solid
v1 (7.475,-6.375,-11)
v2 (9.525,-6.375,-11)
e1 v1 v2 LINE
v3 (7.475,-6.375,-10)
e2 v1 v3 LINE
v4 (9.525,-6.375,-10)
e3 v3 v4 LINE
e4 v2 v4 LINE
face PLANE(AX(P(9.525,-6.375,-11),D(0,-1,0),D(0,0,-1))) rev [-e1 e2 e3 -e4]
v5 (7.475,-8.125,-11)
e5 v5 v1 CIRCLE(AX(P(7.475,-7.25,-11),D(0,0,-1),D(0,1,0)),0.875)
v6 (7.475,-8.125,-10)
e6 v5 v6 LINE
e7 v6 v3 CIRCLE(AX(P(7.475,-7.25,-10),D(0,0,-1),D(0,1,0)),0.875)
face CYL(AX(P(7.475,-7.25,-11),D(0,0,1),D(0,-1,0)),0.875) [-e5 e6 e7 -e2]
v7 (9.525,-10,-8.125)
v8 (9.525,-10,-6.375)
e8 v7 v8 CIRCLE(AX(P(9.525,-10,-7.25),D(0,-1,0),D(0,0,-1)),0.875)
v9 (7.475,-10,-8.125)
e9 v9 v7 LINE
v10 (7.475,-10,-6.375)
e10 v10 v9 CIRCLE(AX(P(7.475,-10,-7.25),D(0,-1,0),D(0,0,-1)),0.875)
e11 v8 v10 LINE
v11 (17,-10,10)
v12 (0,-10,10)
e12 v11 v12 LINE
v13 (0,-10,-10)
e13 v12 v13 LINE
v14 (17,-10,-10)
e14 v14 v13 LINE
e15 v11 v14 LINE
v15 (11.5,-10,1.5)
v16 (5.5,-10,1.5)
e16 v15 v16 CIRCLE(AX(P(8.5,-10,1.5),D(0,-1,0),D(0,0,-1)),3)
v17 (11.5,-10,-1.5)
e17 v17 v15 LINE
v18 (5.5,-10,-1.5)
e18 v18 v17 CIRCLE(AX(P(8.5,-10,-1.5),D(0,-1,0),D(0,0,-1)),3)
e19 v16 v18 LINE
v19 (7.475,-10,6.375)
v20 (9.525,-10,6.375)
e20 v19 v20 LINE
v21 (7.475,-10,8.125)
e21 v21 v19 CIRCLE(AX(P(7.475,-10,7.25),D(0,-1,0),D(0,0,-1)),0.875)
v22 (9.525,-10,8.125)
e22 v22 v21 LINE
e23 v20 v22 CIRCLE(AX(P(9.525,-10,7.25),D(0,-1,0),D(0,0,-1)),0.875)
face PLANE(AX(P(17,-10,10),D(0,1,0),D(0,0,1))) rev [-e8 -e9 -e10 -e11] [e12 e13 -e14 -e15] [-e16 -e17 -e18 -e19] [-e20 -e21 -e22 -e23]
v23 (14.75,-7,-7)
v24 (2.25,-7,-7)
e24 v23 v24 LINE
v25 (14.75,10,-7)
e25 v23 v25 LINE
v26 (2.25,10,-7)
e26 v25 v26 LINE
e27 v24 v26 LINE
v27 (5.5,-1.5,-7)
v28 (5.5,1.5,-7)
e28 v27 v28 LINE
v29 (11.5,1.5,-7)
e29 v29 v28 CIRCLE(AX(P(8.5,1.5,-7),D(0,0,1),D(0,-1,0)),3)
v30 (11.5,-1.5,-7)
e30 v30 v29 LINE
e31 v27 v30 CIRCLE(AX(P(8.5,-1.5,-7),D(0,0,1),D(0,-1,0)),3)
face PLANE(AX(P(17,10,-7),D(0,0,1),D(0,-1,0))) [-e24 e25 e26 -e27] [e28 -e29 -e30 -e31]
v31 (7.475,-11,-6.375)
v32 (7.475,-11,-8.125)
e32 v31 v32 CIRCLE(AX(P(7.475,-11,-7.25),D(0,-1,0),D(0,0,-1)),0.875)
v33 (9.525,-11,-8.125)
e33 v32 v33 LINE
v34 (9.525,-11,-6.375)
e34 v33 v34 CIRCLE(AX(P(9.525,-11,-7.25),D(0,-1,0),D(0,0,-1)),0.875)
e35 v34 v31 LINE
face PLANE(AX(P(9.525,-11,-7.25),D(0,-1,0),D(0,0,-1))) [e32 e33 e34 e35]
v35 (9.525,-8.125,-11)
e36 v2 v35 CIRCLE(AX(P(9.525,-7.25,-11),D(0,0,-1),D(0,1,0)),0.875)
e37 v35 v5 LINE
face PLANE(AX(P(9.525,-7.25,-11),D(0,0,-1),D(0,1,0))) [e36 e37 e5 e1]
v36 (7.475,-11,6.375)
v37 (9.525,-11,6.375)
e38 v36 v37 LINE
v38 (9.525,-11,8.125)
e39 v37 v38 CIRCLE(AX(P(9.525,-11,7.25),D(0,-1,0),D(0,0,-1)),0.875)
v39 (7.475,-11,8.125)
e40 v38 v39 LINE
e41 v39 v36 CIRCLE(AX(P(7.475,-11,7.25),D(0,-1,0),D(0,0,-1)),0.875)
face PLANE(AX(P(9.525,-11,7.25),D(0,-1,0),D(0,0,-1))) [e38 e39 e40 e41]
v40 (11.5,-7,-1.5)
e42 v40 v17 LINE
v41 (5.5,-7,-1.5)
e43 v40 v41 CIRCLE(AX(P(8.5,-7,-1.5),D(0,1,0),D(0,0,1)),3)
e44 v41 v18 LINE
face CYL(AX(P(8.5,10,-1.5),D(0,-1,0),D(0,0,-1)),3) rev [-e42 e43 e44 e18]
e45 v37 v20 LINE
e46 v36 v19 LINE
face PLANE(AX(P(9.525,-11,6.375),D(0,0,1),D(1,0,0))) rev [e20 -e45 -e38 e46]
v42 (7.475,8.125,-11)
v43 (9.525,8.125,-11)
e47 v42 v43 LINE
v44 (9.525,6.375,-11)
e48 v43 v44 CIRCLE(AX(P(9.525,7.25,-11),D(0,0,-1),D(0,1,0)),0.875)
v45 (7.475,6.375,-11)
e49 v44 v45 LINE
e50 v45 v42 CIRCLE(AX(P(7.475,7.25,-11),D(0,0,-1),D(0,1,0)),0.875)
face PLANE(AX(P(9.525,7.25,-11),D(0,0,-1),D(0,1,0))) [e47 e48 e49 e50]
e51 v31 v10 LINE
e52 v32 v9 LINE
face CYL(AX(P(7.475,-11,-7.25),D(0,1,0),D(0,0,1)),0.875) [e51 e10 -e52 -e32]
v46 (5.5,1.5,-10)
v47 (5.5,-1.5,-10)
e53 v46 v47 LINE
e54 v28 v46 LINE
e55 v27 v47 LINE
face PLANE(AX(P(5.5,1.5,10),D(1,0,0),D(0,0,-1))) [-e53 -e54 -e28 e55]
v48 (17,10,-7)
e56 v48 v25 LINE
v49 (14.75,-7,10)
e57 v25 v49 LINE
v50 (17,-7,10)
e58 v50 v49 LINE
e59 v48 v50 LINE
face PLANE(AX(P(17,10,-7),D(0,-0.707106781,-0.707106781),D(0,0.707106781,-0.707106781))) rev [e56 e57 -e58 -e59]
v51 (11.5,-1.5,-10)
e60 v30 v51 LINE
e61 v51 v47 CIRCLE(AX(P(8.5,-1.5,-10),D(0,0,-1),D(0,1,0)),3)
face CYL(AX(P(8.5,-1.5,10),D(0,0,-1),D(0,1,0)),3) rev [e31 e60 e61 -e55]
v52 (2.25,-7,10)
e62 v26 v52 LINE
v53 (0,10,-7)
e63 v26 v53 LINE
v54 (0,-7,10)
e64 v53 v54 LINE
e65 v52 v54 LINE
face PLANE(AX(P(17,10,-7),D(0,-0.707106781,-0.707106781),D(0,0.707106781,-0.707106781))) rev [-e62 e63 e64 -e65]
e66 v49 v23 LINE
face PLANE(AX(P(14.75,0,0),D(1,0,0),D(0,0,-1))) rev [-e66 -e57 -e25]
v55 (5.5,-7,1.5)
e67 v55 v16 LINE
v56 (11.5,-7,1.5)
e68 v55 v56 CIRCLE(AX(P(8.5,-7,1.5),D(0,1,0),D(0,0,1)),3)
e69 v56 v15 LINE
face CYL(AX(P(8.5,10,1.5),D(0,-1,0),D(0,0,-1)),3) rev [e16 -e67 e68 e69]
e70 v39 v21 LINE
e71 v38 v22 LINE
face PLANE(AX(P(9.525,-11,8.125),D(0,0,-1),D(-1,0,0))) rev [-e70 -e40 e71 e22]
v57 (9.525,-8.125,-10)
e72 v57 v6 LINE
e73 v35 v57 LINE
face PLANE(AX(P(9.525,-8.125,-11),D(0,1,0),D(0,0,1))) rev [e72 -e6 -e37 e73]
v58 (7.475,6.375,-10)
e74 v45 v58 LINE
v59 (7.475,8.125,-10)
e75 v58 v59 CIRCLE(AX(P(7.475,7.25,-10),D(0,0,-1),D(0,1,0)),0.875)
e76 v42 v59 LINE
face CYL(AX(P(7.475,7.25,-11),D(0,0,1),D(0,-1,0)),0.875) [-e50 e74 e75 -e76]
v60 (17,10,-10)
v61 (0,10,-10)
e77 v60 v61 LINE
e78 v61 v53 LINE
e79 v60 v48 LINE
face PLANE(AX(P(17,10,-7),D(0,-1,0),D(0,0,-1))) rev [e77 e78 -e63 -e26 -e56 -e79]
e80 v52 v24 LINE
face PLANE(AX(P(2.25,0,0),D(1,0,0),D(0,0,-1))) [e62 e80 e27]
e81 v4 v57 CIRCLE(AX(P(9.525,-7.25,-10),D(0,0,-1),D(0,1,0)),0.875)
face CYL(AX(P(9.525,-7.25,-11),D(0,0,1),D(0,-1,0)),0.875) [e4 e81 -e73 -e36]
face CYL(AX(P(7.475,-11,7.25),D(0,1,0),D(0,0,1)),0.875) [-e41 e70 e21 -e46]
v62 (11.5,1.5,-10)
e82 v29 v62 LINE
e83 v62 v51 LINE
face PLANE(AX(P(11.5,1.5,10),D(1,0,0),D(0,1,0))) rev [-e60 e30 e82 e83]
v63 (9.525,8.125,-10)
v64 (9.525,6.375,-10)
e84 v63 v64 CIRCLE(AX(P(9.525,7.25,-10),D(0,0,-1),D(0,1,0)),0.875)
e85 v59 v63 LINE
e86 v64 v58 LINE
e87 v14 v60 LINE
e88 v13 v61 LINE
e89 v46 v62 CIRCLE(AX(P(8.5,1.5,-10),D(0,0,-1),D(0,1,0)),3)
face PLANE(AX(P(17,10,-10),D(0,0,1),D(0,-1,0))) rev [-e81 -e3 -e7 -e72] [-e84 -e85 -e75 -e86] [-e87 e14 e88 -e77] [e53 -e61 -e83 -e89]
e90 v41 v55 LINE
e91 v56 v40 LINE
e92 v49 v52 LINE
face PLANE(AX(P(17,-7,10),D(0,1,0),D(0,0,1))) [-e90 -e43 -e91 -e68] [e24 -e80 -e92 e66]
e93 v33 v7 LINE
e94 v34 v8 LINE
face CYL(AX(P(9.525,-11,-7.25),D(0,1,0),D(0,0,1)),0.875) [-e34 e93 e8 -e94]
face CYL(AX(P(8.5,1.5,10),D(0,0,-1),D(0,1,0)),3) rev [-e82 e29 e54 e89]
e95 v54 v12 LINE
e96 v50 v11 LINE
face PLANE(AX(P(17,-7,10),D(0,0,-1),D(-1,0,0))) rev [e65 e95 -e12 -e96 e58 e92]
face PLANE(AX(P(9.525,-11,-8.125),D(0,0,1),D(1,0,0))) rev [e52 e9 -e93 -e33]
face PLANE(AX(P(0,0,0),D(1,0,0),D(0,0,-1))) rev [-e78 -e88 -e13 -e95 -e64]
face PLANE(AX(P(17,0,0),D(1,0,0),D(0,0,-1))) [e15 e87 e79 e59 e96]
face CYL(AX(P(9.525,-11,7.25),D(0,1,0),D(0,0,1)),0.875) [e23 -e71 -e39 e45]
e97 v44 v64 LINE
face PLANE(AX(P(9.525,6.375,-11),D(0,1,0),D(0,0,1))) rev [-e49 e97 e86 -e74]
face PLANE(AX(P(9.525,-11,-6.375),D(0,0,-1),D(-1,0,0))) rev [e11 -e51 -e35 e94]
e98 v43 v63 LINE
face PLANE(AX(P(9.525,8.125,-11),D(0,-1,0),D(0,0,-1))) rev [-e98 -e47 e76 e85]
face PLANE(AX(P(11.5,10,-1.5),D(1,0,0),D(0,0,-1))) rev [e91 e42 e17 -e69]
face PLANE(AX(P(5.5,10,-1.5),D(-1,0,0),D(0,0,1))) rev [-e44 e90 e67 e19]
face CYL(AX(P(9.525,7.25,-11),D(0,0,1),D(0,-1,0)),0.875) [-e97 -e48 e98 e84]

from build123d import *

# Parameters (mm, degrees)
BOSS_EXTRUDE3_DEPTH       = 17
SHELL4_T                  = -2.25
SHELL4_THICKNESS_2_FACE_W = 17.75
SHELL4_THICKNESS_2_FACE_H = 12.5
SHELL4_THICKNESS_2_DEPTH  = 0.75
SHELL4_THICKNESS_3_FACE_W = 17
SHELL4_THICKNESS_3_FACE_H = 12.5
SHELL4_THICKNESS_3_DEPTH  = 0.75
CUT_EXTRUDE1_DEPTH        = 29.08914381
CUT_EXTRUDE2_DEPTH        = 29.08914381
BOSS_EXTRUDE4_DEPTH       = 1
BOSS_EXTRUDE5_DEPTH       = 1
BOSS_EXTRUDE6_DEPTH       = 1
BOSS_EXTRUDE7_DEPTH       = 1


with BuildPart() as part:
    # Sketch4 → Boss-Extrude3 (new body)
    with BuildSketch(Plane(origin=(0, 0, 0), x_dir=(0, 0, -1), z_dir=(1, 0, 0))):
        Polygon((7, 10), (-10, -7), (-10, -10), (10, -10), (10, 10), align=None)
    extrude(amount=BOSS_EXTRUDE3_DEPTH)

    # Shell4
    shell4_openings = [part.faces().sort_by_distance(p)[0] for p in [
        (8.5, 10, -8.5),
        (8.5, -8.5, 10),
        (8.5, 1.5, 1.5),
    ]]
    offset(amount=SHELL4_T, openings=shell4_openings, kind=Kind.INTERSECTION)

    # Shell4 thickness 2 face (on inner face of the shell) → Shell4 thickness 2 (add)
    with BuildSketch(Plane(origin=(8.5, -7.75, 1.125), x_dir=(0, 0, -1), z_dir=(0, -1, 0))):
        Rectangle(SHELL4_THICKNESS_2_FACE_W, SHELL4_THICKNESS_2_FACE_H)
    extrude(amount=-SHELL4_THICKNESS_2_DEPTH)

    # Shell4 thickness 3 face (on inner face of the shell) → Shell4 thickness 3 (add)
    with BuildSketch(Plane(origin=(8.5, 1.5, -7.75), x_dir=(0, -1, 0), z_dir=(0, 0, -1))):
        Rectangle(SHELL4_THICKNESS_3_FACE_W, SHELL4_THICKNESS_3_FACE_H)
    extrude(amount=-SHELL4_THICKNESS_3_DEPTH)

    # Sketch5 → Cut-Extrude1 (cut, through all)
    with BuildSketch(Plane(origin=(0, 0, -10), x_dir=(-1, 0, 0), z_dir=(0, 0, -1))):
        with BuildLine():
            Line((-11.5, 1.5), (-11.5, -1.5))
            ThreePointArc((-11.5, -1.5), (-8.5, -4.5), (-5.5, -1.5))
            Line((-5.5, -1.5), (-5.5, 1.5))
            ThreePointArc((-5.5, 1.5), (-8.5, 4.5), (-11.5, 1.5))
        make_face()
    extrude(amount=-CUT_EXTRUDE1_DEPTH, mode=Mode.SUBTRACT)

    # Sketch8 → Cut-Extrude2 (cut, through all)
    with BuildSketch(Plane(origin=(0, -10, 0), x_dir=(-1, 0, 0), z_dir=(0, -1, 0))):
        with BuildLine():
            Line((-11.5, 1.5), (-11.5, -1.5))
            ThreePointArc((-11.5, -1.5), (-8.5, -4.5), (-5.5, -1.5))
            Line((-5.5, -1.5), (-5.5, 1.5))
            ThreePointArc((-5.5, 1.5), (-8.5, 4.5), (-11.5, 1.5))
        make_face()
    extrude(amount=-CUT_EXTRUDE2_DEPTH, mode=Mode.SUBTRACT)

    # Sketch9 → Boss-Extrude4 (add)
    with BuildSketch(Plane(origin=(0, 0, -10), x_dir=(-1, 0, 0), z_dir=(0, 0, -1))):
        with BuildLine():
            Line((-9.525, 8.125), (-7.475, 8.125))
            ThreePointArc((-7.475, 8.125), (-6.6, 7.25), (-7.475, 6.375))
            Line((-7.475, 6.375), (-9.525, 6.375))
            ThreePointArc((-9.525, 6.375), (-10.4, 7.25), (-9.525, 8.125))
        make_face()
    extrude(amount=BOSS_EXTRUDE4_DEPTH)

    # Sketch10 → Boss-Extrude5 (add)
    with BuildSketch(Plane(origin=(0, 0, -10), x_dir=(-1, 0, 0), z_dir=(0, 0, -1))):
        with BuildLine():
            Line((-9.525, -6.375), (-7.475, -6.375))
            ThreePointArc((-7.475, -6.375), (-6.6, -7.25), (-7.475, -8.125))
            Line((-7.475, -8.125), (-9.525, -8.125))
            ThreePointArc((-9.525, -8.125), (-10.4, -7.25), (-9.525, -6.375))
        make_face()
    extrude(amount=BOSS_EXTRUDE5_DEPTH)

    # Sketch12 → Boss-Extrude6 (add)
    with BuildSketch(Plane(origin=(-0.843813019, -10, -7.7592784), x_dir=(-1, 0, 0), z_dir=(0, -1, 0))):
        with BuildLine():
            Line((-10.368813019, 0.3657216), (-8.318813019, 0.3657216))
            ThreePointArc((-8.318813019, 0.3657216), (-7.443813019, -0.5092784), (-8.318813019, -1.3842784))
            Line((-8.318813019, -1.3842784), (-10.368813019, -1.3842784))
            ThreePointArc((-10.368813019, -1.3842784), (-11.243813019, -0.5092784), (-10.368813019, 0.3657216))
        make_face()
    extrude(amount=BOSS_EXTRUDE6_DEPTH)

    # Sketch14 → Boss-Extrude7 (add)
    with BuildSketch(Plane(origin=(-0.843813019, -10, -7.7592784), x_dir=(-1, 0, 0), z_dir=(0, -1, 0))):
        with BuildLine():
            Line((-10.368813019, -14.1342784), (-8.318813019, -14.1342784))
            ThreePointArc((-8.318813019, -14.1342784), (-7.443813019, -15.0092784), (-8.318813019, -15.8842784))
            Line((-8.318813019, -15.8842784), (-10.368813019, -15.8842784))
            ThreePointArc((-10.368813019, -15.8842784), (-11.243813019, -15.0092784), (-10.368813019, -14.1342784))
        make_face()
    extrude(amount=BOSS_EXTRUDE7_DEPTH)


solid = part.part
